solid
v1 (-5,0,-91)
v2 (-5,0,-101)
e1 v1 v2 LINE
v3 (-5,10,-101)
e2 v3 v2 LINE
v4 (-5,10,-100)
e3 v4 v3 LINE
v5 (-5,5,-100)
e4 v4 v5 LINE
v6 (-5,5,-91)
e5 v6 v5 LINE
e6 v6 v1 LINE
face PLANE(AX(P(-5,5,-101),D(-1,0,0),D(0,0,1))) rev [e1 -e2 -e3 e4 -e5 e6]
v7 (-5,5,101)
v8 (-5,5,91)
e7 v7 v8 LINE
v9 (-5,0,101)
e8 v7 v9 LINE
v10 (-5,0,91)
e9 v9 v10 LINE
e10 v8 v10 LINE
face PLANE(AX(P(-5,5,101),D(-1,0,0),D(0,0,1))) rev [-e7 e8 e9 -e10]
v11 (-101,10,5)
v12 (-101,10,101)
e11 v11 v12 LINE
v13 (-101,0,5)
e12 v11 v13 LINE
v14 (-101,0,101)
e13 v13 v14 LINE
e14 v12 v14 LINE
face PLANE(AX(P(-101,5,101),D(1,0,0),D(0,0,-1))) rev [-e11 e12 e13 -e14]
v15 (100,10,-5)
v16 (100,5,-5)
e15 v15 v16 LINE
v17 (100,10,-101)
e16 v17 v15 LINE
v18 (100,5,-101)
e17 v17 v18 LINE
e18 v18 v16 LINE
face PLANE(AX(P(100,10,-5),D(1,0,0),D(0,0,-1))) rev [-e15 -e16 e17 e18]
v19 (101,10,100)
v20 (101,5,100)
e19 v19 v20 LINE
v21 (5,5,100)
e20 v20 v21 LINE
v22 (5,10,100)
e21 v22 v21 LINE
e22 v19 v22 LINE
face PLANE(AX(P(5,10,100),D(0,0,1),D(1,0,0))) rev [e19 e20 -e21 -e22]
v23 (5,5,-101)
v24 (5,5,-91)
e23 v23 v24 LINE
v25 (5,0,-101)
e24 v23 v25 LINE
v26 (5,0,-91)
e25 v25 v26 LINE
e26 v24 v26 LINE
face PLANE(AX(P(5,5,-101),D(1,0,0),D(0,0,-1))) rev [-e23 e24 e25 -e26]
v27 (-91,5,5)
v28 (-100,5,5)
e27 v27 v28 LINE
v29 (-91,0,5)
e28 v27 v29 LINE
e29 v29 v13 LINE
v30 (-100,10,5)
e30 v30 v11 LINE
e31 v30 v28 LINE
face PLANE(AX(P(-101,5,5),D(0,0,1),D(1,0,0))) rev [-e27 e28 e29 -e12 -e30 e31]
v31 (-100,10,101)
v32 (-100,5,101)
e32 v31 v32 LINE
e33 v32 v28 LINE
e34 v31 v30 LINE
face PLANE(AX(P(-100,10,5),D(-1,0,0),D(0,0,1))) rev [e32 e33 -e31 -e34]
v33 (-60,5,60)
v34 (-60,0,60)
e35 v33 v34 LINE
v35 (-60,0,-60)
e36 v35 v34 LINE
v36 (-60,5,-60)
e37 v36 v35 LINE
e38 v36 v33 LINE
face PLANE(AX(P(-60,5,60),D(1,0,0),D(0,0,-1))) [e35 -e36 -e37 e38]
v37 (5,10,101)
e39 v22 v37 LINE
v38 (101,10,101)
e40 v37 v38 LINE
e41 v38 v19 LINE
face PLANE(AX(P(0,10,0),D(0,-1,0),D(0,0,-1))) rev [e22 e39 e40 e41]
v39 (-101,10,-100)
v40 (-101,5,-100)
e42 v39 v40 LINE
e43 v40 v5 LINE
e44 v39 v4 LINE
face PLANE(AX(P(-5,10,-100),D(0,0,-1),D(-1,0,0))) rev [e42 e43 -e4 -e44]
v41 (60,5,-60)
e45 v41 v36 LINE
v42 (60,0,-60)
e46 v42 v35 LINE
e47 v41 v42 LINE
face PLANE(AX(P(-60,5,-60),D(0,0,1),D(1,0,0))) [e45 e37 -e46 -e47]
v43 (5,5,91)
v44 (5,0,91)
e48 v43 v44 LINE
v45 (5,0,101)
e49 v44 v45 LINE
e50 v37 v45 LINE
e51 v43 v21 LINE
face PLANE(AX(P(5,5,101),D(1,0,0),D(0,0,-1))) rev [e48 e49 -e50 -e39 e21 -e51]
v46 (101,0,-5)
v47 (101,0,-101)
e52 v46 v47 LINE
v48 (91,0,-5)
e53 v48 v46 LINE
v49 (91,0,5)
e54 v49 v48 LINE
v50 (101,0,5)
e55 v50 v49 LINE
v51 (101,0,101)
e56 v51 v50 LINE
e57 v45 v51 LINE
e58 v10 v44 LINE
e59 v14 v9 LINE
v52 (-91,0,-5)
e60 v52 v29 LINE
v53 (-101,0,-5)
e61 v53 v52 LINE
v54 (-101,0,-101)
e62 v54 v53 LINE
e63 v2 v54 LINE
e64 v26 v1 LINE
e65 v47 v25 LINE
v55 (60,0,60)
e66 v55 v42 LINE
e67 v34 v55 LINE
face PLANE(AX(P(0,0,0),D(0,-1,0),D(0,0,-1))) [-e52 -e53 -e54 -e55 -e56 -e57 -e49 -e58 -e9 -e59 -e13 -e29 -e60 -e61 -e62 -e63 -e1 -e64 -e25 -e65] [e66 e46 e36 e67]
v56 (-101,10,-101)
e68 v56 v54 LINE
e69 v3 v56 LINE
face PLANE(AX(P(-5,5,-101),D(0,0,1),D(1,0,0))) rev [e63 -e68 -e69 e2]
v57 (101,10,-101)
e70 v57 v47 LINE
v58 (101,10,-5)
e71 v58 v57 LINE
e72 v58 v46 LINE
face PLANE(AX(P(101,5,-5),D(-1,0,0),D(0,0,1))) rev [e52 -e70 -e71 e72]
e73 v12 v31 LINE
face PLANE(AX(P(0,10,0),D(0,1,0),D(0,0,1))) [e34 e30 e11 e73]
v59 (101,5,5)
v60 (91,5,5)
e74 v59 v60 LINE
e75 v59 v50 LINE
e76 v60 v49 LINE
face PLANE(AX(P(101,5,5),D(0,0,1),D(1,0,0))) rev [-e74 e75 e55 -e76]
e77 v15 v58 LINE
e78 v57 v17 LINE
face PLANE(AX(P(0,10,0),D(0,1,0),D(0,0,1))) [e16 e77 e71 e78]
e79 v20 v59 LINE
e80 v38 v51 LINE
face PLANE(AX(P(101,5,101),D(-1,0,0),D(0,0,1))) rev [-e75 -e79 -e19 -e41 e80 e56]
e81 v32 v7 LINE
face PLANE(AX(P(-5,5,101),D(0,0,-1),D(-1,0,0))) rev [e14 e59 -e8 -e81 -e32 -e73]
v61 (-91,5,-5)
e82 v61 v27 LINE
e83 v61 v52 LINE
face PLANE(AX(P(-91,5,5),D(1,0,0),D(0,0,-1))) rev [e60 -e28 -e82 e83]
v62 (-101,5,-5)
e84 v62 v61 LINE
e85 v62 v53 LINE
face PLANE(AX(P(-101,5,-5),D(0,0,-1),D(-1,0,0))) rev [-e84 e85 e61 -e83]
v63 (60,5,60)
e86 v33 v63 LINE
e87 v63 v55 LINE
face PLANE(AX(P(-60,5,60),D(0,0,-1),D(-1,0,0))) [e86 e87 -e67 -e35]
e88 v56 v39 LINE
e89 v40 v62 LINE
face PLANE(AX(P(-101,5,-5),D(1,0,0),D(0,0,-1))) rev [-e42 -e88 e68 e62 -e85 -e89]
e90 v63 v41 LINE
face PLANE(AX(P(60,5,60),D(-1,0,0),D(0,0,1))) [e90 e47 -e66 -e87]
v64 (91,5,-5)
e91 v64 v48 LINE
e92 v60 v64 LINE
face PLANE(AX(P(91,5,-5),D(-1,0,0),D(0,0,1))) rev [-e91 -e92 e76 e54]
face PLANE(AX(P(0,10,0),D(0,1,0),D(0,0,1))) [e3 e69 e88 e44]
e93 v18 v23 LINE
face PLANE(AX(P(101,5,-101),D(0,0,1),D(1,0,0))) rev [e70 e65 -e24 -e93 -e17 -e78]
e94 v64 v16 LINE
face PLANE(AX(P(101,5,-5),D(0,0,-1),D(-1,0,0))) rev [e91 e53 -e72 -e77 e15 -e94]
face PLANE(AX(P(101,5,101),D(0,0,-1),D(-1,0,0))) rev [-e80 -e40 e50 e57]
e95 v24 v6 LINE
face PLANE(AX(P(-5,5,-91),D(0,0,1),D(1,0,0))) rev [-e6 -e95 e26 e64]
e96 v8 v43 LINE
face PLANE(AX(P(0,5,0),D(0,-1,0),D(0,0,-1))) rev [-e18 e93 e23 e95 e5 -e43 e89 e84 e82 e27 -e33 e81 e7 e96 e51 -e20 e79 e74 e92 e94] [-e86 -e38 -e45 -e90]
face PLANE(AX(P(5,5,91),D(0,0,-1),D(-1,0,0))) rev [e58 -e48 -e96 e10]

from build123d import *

# Parameters (mm, degrees)
SKETCH1_W           = 120
SKETCH1_H           = 120
BOSS_EXTRUDE1_DEPTH = 5
SKETCH2_W           = 96
SKETCH2_H           = 1
SKETCH2_W_2         = 1
SKETCH2_H_2         = 96
BOSS_EXTRUDE2_DEPTH = 5


with BuildPart() as part:
    # Sketch1 → Boss-Extrude1 (new body)
    with BuildSketch(Plane(origin=(0, 0, 0), x_dir=(1, 0, 0), z_dir=(0, 1, 0))):
        Polygon((101, -101), (5, -101), (5, -91), (-5, -91), (-5, -101), (-101, -101), (-101, -5), (-91, -5), (-91, 5), (-101, 5), (-101, 101), (-5, 101), (-5, 91), (5, 91), (5, 101), (101, 101), (101, 5), (91, 5), (91, -5), (101, -5), align=None)
        Rectangle(SKETCH1_W, SKETCH1_H, mode=Mode.SUBTRACT)
    extrude(amount=BOSS_EXTRUDE1_DEPTH)

    # Sketch2 → Boss-Extrude2 (add)
    with BuildSketch(Plane(origin=(0, 5, 0), x_dir=(1, 0, 0), z_dir=(0, 1, 0))):
        with Locations((53, -100.5)):
            Rectangle(SKETCH2_W, SKETCH2_H)
        with Locations((-100.5, -53)):
            Rectangle(SKETCH2_W_2, SKETCH2_H_2)
        with Locations((-53, 100.5)):
            Rectangle(SKETCH2_W, SKETCH2_H)
        with Locations((100.5, 53)):
            Rectangle(SKETCH2_W_2, SKETCH2_H_2)
    extrude(amount=BOSS_EXTRUDE2_DEPTH)


solid = part.part
